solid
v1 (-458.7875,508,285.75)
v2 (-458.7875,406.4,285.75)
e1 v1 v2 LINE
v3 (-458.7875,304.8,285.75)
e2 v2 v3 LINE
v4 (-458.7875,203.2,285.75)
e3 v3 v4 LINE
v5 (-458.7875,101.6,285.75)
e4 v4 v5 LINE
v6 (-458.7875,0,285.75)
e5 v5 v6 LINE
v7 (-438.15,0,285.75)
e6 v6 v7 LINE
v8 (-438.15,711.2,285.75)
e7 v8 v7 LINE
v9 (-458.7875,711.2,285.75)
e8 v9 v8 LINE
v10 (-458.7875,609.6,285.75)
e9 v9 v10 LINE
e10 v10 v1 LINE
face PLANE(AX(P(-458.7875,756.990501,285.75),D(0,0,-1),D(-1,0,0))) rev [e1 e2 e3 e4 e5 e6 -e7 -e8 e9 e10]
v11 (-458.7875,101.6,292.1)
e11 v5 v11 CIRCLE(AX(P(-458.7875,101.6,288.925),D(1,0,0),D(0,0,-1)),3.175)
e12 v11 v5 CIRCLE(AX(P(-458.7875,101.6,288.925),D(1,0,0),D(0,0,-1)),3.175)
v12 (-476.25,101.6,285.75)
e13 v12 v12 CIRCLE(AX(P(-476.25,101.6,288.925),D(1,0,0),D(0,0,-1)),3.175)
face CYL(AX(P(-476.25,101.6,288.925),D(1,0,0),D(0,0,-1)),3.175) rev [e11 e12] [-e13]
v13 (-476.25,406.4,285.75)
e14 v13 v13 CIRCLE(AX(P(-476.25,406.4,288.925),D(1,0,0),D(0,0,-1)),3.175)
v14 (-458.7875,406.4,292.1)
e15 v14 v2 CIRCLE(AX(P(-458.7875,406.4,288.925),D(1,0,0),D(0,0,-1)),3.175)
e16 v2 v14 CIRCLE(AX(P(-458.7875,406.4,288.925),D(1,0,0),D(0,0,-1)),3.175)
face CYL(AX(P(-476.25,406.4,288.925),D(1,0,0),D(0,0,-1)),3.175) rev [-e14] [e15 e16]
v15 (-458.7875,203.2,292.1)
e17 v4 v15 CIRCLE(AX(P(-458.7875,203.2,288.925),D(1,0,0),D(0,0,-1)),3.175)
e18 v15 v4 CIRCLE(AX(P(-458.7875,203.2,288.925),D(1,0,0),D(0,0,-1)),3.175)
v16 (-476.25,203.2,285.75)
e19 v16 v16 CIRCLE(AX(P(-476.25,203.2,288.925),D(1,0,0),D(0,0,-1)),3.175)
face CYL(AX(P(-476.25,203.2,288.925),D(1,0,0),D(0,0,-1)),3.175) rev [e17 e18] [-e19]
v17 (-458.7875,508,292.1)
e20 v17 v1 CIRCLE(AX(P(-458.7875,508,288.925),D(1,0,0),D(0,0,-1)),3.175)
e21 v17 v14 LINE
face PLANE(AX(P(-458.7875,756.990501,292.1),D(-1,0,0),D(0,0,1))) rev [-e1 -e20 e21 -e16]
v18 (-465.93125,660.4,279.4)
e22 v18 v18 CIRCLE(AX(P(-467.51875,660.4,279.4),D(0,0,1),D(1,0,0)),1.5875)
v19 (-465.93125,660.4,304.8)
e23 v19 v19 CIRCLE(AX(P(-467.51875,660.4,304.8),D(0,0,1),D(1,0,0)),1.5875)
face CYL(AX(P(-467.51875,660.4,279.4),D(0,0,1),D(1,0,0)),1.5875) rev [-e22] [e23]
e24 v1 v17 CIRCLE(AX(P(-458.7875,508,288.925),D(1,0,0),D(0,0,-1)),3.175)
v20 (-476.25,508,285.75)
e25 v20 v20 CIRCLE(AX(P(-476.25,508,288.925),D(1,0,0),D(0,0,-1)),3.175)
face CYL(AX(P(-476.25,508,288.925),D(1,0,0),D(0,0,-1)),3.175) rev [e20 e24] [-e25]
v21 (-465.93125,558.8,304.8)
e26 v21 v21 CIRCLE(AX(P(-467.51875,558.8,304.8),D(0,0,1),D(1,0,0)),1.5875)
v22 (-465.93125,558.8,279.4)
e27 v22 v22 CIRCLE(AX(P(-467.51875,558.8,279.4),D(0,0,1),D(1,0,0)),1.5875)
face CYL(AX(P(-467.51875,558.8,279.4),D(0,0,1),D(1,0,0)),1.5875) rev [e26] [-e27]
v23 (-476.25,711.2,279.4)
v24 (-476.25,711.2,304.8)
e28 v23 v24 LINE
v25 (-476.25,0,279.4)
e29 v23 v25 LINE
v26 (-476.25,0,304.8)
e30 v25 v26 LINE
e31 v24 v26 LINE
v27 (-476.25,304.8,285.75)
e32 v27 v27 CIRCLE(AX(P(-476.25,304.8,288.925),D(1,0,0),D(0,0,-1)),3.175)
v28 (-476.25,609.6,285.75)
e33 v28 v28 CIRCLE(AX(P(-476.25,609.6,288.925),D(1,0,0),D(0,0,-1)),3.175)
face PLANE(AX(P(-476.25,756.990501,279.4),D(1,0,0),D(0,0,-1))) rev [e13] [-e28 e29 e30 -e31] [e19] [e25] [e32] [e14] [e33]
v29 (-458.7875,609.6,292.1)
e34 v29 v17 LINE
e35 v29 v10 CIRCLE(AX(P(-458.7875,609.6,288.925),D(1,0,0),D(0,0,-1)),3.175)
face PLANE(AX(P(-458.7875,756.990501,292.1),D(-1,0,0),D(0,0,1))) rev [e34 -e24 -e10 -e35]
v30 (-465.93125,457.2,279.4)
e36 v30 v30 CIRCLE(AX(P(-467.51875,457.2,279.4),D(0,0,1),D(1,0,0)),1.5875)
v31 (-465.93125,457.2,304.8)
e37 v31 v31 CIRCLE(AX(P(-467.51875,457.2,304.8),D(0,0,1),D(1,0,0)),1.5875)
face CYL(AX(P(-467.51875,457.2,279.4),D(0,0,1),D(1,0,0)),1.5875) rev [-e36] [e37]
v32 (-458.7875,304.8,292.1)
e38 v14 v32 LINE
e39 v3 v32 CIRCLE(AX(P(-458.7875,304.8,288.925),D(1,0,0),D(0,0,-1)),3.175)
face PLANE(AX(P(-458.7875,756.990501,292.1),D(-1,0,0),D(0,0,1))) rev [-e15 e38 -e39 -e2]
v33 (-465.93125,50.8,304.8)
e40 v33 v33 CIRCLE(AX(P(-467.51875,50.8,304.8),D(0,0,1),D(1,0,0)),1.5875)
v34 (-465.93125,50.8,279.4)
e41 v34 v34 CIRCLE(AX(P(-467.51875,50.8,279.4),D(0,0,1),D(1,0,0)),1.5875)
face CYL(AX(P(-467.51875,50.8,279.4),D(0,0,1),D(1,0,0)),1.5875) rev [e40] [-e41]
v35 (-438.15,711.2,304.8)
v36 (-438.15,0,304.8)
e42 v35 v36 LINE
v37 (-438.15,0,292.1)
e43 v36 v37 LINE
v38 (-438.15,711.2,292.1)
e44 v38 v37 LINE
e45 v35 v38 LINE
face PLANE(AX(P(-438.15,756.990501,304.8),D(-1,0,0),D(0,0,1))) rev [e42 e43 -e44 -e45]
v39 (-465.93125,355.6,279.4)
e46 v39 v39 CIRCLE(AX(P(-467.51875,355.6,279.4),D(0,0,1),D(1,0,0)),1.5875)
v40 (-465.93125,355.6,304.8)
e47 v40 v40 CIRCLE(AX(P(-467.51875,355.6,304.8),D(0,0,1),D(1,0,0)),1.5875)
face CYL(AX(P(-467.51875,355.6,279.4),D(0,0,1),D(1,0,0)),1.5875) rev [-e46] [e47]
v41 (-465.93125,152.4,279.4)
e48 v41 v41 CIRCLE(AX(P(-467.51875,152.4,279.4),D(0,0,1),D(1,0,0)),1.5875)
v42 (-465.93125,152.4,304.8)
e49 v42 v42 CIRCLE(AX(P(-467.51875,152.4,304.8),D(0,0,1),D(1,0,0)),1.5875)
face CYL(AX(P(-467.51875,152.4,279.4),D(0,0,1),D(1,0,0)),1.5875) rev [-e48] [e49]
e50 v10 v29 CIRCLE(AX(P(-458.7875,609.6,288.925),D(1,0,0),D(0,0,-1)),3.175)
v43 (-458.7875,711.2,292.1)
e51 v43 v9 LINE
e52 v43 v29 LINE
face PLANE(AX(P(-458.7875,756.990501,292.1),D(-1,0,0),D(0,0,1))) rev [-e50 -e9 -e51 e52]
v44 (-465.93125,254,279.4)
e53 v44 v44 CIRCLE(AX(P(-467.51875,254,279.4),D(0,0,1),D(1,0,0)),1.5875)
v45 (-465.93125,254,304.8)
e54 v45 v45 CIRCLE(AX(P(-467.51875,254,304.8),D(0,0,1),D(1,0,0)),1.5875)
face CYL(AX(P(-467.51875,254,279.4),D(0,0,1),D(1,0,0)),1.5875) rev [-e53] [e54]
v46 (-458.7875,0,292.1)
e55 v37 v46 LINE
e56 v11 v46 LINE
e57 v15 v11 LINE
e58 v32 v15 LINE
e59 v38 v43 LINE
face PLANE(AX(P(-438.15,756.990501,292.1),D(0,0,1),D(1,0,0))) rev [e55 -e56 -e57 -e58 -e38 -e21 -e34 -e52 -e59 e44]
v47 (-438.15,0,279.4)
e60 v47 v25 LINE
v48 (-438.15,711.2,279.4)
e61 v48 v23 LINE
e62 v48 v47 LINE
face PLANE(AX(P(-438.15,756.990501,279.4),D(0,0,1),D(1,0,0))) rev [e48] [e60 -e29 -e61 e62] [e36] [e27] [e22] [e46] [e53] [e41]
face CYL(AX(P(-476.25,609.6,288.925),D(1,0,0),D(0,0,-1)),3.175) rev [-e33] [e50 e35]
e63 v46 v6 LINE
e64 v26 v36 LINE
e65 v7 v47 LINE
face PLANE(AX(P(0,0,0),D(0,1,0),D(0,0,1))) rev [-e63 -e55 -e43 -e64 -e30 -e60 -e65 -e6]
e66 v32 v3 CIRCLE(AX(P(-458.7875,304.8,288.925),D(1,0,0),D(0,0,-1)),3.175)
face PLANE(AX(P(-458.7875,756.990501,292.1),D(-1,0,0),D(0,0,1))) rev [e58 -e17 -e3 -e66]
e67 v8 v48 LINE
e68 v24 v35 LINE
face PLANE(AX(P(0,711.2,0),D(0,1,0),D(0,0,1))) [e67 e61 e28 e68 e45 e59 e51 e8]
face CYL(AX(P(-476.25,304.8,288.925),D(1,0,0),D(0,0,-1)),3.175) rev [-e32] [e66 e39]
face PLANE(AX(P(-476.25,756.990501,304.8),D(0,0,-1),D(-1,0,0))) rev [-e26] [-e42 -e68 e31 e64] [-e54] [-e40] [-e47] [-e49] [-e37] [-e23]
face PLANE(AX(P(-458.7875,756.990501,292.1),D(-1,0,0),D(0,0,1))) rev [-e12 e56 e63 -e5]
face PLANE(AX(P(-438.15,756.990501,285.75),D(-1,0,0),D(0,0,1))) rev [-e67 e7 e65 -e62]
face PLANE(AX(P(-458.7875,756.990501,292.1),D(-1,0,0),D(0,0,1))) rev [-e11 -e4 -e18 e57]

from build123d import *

# Parameters (mm, degrees)
BOSS_EXTRUDE1_DEPTH             = 711.2
SKETCH3_R                       = 3.175
SASH_ADJUSTMENT_HOLES_CUT_DEPTH = 775.037716398
LPATTERN1_COUNT                 = 6
LPATTERN1_PITCH                 = 101.6
SKETCH4_R                       = 1.5875
MOUNTING_SCREW_HOLES_CUT_DEPTH  = 857.308742511
LPATTERN2_COUNT                 = 7
LPATTERN2_PITCH                 = 101.6


with BuildPart() as part:
    # Sketch2 → Boss-Extrude1 (new body)
    with BuildSketch(Plane(origin=(0, 0, 0), x_dir=(1, 0, 0), z_dir=(0, 1, 0))):
        Polygon((-438.15, -304.8), (-438.15, -292.1), (-458.7875, -292.1), (-458.7875, -285.75), (-438.15, -285.75), (-438.15, -279.4), (-476.25, -279.4), (-476.25, -304.8), align=None)
    extrude(amount=BOSS_EXTRUDE1_DEPTH)

    # Sketch3 → Sash Adjustment Holes Cut (cut, through all)
    with BuildSketch(Plane(origin=(-458.7875, 0, 0), x_dir=(0, 0, -1), z_dir=(1, 0, 0))):
        with Locations((-288.925, 609.6)):
            Circle(SKETCH3_R)
    sash_adjustment_holes_cut = extrude(amount=-SASH_ADJUSTMENT_HOLES_CUT_DEPTH, mode=Mode.SUBTRACT)

    # LPattern1: Sash Adjustment Holes Cut ×6
    with Locations(*[(0, -i * LPATTERN1_PITCH, 0) for i in range(1, LPATTERN1_COUNT)]):
        add(sash_adjustment_holes_cut, mode=Mode.SUBTRACT)

    # Sketch4 → Mounting Screw Holes Cut (cut, through all)
    with BuildSketch(Plane.XY.offset(304.8)):
        with Locations((-467.51875, 50.8)):
            Circle(SKETCH4_R)
    mounting_screw_holes_cut = extrude(amount=-MOUNTING_SCREW_HOLES_CUT_DEPTH, mode=Mode.SUBTRACT)

    # LPattern2: Mounting Screw Holes Cut ×7
    with Locations(*[(0, i * LPATTERN2_PITCH, 0) for i in range(1, LPATTERN2_COUNT)]):
        add(mounting_screw_holes_cut, mode=Mode.SUBTRACT)


solid = part.part
